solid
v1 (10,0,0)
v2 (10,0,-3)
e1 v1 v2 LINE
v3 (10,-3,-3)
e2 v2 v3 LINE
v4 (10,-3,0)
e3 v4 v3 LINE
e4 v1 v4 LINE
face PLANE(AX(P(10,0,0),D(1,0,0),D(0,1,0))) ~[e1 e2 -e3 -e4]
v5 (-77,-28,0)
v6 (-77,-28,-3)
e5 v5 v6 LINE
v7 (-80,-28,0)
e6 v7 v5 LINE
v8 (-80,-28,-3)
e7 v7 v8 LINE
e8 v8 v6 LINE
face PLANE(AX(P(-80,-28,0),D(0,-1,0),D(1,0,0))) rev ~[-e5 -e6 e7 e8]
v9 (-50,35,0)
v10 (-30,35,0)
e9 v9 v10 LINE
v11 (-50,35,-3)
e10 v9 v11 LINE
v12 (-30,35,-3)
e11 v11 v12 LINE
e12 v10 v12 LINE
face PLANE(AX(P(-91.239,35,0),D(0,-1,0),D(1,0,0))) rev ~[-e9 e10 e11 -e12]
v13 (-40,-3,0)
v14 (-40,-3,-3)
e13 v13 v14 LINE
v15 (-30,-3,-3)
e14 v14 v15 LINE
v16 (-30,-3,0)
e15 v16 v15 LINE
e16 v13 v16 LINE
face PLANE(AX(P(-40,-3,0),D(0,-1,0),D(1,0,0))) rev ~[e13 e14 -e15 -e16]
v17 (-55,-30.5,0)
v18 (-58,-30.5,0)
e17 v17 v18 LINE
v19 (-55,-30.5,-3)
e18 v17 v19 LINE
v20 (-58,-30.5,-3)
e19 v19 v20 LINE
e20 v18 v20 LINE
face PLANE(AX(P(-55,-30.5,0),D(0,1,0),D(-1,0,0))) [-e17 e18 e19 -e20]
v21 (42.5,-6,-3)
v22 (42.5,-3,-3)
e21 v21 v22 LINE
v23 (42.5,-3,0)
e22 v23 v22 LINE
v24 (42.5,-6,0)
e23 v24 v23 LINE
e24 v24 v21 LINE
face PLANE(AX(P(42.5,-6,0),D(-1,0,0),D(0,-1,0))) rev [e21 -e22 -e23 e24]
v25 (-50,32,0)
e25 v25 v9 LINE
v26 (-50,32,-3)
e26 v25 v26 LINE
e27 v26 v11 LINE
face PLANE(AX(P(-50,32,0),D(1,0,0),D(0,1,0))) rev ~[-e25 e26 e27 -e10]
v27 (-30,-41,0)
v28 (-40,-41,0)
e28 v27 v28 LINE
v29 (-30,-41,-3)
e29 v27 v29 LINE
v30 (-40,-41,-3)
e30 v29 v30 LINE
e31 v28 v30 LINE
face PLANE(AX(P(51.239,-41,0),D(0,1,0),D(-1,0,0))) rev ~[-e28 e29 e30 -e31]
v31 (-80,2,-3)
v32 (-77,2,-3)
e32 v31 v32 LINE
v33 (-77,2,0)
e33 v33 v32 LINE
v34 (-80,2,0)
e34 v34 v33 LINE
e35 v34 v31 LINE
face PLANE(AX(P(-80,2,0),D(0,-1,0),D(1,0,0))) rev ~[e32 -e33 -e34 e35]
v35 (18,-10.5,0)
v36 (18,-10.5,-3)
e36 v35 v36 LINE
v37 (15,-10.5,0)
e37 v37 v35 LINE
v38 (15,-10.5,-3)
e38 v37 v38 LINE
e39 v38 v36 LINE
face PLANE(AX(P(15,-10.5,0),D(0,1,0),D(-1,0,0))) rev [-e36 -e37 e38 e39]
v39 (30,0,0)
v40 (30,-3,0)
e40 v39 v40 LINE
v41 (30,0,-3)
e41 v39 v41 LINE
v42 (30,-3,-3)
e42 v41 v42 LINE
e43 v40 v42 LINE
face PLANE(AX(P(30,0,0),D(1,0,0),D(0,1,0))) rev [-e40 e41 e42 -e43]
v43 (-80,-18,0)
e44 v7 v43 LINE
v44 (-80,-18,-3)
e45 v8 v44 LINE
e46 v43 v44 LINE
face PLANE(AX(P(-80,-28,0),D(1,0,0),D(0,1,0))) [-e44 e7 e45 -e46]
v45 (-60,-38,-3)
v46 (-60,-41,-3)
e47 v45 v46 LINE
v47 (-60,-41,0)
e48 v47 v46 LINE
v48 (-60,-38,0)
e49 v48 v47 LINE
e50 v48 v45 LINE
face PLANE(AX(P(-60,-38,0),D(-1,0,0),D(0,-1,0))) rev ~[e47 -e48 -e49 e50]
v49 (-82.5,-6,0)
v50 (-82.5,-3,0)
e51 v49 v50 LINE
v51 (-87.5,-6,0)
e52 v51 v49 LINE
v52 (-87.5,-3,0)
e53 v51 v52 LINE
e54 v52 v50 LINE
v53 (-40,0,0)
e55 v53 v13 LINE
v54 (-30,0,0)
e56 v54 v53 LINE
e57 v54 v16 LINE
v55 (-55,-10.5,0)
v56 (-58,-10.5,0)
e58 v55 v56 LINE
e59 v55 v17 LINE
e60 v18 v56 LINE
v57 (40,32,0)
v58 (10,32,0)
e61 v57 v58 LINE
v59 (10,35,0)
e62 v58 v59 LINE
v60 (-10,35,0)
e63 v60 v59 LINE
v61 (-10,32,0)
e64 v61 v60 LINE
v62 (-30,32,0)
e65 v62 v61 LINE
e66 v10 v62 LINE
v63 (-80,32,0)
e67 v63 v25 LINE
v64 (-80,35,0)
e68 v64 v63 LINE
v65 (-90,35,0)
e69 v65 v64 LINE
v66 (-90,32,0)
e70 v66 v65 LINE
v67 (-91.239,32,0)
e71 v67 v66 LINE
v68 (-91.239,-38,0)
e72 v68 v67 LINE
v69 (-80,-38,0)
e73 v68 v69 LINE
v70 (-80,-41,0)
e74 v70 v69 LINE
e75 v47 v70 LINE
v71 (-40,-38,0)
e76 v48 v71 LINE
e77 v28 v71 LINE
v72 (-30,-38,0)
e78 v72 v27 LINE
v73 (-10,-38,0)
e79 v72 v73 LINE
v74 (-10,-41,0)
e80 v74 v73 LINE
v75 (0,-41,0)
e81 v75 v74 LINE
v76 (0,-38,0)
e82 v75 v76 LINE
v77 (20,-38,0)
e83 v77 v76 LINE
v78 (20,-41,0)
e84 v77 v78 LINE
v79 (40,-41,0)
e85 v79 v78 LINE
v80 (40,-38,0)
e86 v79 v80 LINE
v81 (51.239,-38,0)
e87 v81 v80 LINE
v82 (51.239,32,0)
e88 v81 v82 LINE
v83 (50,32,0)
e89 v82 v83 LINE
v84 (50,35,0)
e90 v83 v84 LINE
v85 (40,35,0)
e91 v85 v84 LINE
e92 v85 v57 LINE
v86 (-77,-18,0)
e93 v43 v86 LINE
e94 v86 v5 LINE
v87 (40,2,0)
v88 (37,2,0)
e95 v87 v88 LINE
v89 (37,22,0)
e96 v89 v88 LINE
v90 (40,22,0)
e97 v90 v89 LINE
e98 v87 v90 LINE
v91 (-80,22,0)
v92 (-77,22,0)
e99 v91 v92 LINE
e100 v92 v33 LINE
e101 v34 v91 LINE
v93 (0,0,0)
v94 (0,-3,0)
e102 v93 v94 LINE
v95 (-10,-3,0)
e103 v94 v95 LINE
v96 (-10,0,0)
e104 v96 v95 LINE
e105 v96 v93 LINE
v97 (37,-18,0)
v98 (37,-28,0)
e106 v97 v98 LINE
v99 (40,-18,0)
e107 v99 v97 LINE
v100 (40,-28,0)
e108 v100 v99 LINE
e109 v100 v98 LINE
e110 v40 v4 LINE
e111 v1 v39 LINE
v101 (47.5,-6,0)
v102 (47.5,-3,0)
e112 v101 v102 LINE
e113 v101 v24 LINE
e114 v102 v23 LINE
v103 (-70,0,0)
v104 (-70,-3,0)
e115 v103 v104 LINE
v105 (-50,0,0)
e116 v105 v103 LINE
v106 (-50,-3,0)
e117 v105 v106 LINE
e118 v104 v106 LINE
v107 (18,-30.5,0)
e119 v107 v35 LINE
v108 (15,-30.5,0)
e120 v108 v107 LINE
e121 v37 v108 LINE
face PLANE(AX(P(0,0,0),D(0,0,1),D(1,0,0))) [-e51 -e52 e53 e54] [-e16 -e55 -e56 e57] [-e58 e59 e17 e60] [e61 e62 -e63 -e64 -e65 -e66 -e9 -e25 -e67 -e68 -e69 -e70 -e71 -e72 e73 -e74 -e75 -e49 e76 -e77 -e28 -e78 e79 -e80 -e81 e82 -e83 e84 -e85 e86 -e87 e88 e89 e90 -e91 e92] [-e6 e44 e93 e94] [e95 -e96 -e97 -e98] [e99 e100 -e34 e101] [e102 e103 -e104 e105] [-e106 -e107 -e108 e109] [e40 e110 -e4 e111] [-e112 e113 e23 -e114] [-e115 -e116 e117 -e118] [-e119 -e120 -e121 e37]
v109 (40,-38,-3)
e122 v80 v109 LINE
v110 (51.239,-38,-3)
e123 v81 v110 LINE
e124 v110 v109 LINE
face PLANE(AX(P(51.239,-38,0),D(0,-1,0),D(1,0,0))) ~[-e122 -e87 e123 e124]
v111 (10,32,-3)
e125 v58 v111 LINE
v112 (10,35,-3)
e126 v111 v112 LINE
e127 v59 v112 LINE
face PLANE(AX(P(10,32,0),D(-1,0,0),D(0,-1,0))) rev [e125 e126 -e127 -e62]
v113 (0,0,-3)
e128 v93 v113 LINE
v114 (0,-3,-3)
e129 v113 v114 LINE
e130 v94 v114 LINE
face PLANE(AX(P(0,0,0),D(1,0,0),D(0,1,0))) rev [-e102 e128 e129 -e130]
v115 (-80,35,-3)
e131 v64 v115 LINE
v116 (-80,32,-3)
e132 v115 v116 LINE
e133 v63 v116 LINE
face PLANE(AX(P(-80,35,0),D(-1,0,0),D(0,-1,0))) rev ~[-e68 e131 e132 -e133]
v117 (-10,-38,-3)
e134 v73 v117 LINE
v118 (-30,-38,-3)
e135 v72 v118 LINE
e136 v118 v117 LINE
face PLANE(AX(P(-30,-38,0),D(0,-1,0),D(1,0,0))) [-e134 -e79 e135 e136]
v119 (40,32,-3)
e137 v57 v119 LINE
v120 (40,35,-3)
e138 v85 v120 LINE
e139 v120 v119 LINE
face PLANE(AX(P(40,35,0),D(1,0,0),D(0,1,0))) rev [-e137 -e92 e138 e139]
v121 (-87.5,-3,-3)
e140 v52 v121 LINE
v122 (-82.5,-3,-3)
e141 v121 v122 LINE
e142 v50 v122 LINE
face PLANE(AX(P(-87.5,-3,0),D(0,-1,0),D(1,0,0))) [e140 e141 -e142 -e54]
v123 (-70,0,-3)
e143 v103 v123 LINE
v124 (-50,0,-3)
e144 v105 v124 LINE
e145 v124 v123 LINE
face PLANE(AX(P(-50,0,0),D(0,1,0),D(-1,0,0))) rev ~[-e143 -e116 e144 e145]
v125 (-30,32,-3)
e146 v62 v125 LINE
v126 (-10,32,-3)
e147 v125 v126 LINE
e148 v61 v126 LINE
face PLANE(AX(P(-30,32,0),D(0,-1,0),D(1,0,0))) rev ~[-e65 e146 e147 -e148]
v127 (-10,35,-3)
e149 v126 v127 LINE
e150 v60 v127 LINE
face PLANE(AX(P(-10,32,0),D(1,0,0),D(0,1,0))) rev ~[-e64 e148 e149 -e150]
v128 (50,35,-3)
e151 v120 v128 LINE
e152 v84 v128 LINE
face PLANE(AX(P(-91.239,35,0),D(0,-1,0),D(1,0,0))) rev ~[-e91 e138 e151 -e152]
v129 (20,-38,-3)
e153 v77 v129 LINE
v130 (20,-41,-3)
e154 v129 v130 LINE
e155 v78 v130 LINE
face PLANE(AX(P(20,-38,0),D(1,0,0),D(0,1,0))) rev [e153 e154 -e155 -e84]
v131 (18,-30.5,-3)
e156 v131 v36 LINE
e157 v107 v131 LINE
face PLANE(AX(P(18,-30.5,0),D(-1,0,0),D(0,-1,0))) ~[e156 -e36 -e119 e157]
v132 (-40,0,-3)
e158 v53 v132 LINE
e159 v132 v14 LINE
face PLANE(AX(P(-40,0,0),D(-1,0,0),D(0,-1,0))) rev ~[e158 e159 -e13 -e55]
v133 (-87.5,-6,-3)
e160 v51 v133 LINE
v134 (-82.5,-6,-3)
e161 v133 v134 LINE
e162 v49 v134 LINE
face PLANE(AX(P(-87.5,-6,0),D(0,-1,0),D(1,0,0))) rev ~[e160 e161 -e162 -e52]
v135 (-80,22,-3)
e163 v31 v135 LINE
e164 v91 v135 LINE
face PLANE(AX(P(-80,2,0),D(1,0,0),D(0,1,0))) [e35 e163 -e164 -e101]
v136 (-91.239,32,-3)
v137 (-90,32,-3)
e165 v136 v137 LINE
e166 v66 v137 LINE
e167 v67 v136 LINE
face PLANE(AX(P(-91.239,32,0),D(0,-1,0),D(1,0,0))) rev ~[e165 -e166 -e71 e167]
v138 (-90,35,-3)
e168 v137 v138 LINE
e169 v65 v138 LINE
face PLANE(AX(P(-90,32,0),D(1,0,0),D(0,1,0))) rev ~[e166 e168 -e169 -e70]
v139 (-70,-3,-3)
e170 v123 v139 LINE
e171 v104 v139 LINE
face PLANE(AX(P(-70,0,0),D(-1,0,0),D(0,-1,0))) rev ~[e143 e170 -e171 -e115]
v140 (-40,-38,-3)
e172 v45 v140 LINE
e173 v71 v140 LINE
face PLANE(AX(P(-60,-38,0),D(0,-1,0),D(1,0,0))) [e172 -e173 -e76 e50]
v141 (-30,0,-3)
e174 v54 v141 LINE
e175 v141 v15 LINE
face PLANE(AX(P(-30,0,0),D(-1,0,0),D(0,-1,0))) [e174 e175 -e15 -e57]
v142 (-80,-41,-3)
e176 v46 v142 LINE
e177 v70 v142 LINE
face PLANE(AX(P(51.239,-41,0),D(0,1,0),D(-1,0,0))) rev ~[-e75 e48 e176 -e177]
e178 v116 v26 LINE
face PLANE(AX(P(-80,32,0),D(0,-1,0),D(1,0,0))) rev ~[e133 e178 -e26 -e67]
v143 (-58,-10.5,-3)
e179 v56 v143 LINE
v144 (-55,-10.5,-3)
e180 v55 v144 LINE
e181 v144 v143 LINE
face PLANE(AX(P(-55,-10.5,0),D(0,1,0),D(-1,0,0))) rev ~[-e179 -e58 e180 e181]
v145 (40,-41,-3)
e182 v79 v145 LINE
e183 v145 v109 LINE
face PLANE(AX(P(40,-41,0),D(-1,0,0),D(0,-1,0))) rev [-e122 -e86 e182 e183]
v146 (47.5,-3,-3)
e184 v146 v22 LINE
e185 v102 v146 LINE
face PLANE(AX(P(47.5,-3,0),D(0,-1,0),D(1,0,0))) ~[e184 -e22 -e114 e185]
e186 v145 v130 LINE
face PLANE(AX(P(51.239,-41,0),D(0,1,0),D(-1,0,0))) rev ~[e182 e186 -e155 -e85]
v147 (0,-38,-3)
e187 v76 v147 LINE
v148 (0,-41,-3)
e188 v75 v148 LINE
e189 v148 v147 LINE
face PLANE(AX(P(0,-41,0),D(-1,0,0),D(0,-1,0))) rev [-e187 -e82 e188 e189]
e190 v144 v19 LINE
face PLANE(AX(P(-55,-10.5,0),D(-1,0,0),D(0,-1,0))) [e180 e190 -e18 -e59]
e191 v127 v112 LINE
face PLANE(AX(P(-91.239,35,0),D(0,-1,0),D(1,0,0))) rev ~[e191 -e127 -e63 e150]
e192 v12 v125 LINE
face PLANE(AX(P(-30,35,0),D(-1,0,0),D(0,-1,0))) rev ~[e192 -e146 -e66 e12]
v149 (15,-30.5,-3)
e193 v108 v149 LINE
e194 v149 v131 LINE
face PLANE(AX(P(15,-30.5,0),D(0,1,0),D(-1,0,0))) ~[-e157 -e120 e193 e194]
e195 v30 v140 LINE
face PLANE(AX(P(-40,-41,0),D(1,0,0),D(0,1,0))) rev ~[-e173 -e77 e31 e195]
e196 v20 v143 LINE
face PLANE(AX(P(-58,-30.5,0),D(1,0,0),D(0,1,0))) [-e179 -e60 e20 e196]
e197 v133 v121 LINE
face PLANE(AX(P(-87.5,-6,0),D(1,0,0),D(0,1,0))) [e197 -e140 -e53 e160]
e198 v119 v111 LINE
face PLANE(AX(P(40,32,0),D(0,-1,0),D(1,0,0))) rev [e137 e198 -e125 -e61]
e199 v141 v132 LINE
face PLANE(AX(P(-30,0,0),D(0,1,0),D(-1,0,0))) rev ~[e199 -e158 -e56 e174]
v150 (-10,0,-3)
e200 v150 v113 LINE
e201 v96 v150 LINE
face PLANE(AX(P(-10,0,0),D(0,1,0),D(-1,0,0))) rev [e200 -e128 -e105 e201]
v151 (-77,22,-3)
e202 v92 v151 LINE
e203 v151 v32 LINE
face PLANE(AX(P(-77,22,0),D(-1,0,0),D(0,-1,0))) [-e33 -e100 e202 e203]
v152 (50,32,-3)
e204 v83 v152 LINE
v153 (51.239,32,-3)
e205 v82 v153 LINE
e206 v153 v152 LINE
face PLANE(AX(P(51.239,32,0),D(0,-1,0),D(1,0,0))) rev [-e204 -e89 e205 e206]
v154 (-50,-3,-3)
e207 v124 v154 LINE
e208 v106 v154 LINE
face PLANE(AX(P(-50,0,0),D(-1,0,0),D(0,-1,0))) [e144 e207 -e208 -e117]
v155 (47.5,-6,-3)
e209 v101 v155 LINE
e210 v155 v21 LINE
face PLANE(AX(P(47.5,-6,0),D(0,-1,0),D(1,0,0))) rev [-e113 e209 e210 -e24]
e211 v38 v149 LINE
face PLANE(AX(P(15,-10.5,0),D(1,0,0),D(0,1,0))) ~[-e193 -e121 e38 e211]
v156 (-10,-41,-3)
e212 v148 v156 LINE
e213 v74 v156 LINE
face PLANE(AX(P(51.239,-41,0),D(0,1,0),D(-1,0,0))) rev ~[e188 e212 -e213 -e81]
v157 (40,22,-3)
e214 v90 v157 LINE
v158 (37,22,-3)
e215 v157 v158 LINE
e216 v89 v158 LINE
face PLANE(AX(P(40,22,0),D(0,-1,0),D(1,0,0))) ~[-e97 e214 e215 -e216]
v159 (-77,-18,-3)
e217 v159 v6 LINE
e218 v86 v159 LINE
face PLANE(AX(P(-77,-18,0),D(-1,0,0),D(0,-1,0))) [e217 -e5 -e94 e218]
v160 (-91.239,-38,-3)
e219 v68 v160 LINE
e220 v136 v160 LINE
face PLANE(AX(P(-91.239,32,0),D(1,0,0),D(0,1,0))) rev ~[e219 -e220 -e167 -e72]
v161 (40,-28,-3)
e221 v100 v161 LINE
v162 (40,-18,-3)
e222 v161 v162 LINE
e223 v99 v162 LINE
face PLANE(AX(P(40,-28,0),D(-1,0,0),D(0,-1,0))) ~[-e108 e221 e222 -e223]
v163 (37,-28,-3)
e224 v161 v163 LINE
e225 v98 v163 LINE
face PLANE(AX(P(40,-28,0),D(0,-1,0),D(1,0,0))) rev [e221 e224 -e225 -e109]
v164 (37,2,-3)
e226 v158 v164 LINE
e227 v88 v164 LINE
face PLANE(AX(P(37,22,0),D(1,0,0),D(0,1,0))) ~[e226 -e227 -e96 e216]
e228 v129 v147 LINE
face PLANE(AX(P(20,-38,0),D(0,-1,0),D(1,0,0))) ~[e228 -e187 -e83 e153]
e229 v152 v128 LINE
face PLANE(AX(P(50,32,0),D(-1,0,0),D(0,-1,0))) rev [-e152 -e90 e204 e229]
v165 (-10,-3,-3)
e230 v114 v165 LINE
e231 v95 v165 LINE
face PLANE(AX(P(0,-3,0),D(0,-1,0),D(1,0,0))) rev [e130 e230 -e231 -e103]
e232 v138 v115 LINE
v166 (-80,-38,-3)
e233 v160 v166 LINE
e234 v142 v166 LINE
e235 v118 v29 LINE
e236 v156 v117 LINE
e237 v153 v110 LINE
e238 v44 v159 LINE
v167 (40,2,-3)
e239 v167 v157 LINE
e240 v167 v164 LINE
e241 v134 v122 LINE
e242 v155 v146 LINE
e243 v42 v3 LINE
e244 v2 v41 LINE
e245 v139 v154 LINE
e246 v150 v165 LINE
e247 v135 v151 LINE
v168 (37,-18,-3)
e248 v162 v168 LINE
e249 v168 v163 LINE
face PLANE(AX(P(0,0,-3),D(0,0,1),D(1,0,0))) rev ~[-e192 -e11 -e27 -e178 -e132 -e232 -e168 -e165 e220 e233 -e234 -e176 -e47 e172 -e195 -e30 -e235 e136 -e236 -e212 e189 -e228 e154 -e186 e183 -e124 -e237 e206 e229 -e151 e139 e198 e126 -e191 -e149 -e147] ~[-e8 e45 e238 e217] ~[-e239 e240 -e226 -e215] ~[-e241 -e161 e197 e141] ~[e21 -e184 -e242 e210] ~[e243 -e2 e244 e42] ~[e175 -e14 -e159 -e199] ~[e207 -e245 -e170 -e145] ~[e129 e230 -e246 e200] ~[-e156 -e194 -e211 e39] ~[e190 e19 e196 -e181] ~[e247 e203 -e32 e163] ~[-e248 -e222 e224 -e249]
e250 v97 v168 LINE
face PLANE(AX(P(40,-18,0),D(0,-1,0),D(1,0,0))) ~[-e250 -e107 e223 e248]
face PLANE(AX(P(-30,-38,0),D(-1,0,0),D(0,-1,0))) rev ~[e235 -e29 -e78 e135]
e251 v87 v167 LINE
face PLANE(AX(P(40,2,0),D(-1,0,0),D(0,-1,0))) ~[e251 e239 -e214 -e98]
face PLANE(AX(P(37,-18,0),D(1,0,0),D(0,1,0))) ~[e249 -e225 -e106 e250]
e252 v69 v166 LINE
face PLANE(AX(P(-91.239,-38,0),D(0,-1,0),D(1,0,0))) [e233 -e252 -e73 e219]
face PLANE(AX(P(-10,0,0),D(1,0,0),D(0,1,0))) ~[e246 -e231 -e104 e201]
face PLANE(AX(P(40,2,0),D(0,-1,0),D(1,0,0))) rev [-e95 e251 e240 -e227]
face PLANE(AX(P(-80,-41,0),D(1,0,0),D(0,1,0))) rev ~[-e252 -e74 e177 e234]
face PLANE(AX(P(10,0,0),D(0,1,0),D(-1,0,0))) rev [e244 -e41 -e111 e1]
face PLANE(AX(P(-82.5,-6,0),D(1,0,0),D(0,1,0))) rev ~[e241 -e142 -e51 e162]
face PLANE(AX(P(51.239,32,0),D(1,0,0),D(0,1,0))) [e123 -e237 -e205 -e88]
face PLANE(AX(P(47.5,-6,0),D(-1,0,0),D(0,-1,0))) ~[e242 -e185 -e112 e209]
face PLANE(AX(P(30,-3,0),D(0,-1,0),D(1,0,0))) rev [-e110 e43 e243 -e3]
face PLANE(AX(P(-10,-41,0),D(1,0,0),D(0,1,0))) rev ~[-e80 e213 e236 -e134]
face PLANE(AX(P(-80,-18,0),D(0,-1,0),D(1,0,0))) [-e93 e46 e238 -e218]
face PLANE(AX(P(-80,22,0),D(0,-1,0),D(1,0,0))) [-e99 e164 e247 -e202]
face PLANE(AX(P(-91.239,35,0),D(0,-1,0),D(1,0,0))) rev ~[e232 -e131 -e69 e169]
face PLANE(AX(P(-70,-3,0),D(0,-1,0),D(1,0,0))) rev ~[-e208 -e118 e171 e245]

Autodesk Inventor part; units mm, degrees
ref_plane "YZ Plane" through (0, 0, 0) normal (1, 0, 0) x (0, 1, 0)
ref_plane "XZ Plane" through (0, 0, 0) normal (0, 1, 0) x (-1, 0, 0)
ref_plane "XY Plane" through (0, 0, 0) normal (0, 0, 1) x (1, 0, 0)
sketch "Sketch1" plane through (0, 0, 0) normal (0, 0, 1) x (1, 0, 0)
  line L0 (-91.239, 32) -> (-91.239, 35) projected
  line L1 (51.239, 32) -> (51.239, 35) projected
  line L2 (51.239, -41) -> (51.239, -38) projected
  line L3 (-91.239, 35) -> (51.239, 35)
  line L4 (51.239, 35) -> (51.239, -41)
  line L5 (51.239, -41) -> (-91.239, -41)
  line L6 (-91.239, -41) -> (-91.239, 35)
  point P0 (0, 0)
extrude "Extrusion1" add sketch "Sketch1" against normal blind 3
sketch "Sketch2" plane through (0, 0, 0) normal (0, 0, 1) x (1, 0, 0)
  line L0 (-80, 35) -> (-80, 32) projected
  line L1 (-80, 32) -> (-50, 32) projected
  line L2 (-50, 32) -> (-50, 35) projected
  line L3 (-80, 35) -> (-50, 35) projected
  line L4 (-10, 32) -> (-10, 35) projected
  line L5 (-30, 35) -> (-10, 35) projected
  line L6 (-30, 35) -> (-30, 32) projected
  line L7 (-30, 32) -> (-10, 32) projected
  line L8 (-50, 0) -> (-70, 0) projected
  line L9 (-70, 0) -> (-70, -3) projected
  line L10 (-70, -3) -> (-50, -3) projected
  line L11 (-50, 0) -> (-50, -3) projected
  line L12 (-30, 0) -> (-40, 0) projected
  line L13 (-40, 0) -> (-40, -3) projected
  line L14 (-40, -3) -> (-30, -3) projected
  line L15 (-30, 0) -> (-30, -3) projected
  line L16 (-80, -28) -> (-80, -18) projected
  line L17 (-80, -28) -> (-77, -28) projected
  line L18 (-77, -18) -> (-77, -28) projected
  line L19 (-80, -18) -> (-77, -18) projected
  line L20 (-80, 2) -> (-80, 22) projected
  line L21 (-80, 2) -> (-77, 2) projected
  line L22 (-77, 22) -> (-77, 2) projected
  line L23 (-80, 22) -> (-77, 22) projected
  line L24 (-80, -41) -> (-80, -38) projected
  line L25 (-91.239, -38) -> (-80, -38) projected
  line L26 (-91.239, -41) -> (-91.239, -38) projected
  line L27 (-91.239, -41) -> (-80, -41) projected
  line L28 (-40, -41) -> (-40, -38) projected
  line L29 (-60, -38) -> (-40, -38) projected
  line L30 (-60, -38) -> (-60, -41) projected
  line L31 (-60, -41) -> (-40, -41) projected
  line L32 (-10, -41) -> (-10, -38) projected
  line L33 (-30, -38) -> (-10, -38) projected
  line L34 (-30, -38) -> (-30, -41) projected
  line L35 (-30, -41) -> (-10, -41) projected
  point P0 (0, 0)
extrude "Extrusion2" cut sketch "Sketch2" against normal blind 3 contours L3 L2 L1 L0 | L7 L6 L5 L4 | L11 L10 L9 L8 | L15 L14 L13 L12 | L20 L23 L22 L21 | L27 L26 L25 L24 | L31 L30 L29 L28 | L35 L34 L33 L32
sketch "Sketch3" plane through (0, 0, 0) normal (0, 0, 1) x (1, 0, 0)
  line L0 (-90, 32) -> (-90, 35) projected
  line L1 (-91.239, 35) -> (-90, 35) projected
  line L2 (-91.239, 32) -> (-91.239, 35) projected
  line L3 (-91.239, 32) -> (-90, 32) projected
  line L4 (-87.5, -3) -> (-82.5, -3) projected
  line L5 (-87.5, -6) -> (-82.5, -6) projected
  line L6 (-82.5, -6) -> (-82.5, -3) projected
  line L7 (-87.5, -6) -> (-87.5, -3) projected
  line L8 (-77, -18) -> (-77, -28) projected
  line L9 (-80, -28) -> (-80, -18) projected
  line L10 (-80, -18) -> (-77, -18) projected
  line L11 (-80, -28) -> (-77, -28) projected
  line L12 (-55, -10.5) -> (-55, -30.5) projected
  line L13 (-55, -10.5) -> (-58, -10.5) projected
  line L14 (-58, -30.5) -> (-58, -10.5) projected
  line L15 (-55, -30.5) -> (-58, -30.5) projected
  point P0 (0, 0)
extrude "Extrusion3" cut sketch "Sketch3" against normal blind 3
ref_plane "Work Plane1" through (-20, -41, 0) normal (1, 0, 0) x (0, 0, -1)
mirror "Mirror1" about plane through (-20, -41, 0) normal (1, 0, 0) of "Extrusion3", "Extrusion2"
properties part number "Frount"
